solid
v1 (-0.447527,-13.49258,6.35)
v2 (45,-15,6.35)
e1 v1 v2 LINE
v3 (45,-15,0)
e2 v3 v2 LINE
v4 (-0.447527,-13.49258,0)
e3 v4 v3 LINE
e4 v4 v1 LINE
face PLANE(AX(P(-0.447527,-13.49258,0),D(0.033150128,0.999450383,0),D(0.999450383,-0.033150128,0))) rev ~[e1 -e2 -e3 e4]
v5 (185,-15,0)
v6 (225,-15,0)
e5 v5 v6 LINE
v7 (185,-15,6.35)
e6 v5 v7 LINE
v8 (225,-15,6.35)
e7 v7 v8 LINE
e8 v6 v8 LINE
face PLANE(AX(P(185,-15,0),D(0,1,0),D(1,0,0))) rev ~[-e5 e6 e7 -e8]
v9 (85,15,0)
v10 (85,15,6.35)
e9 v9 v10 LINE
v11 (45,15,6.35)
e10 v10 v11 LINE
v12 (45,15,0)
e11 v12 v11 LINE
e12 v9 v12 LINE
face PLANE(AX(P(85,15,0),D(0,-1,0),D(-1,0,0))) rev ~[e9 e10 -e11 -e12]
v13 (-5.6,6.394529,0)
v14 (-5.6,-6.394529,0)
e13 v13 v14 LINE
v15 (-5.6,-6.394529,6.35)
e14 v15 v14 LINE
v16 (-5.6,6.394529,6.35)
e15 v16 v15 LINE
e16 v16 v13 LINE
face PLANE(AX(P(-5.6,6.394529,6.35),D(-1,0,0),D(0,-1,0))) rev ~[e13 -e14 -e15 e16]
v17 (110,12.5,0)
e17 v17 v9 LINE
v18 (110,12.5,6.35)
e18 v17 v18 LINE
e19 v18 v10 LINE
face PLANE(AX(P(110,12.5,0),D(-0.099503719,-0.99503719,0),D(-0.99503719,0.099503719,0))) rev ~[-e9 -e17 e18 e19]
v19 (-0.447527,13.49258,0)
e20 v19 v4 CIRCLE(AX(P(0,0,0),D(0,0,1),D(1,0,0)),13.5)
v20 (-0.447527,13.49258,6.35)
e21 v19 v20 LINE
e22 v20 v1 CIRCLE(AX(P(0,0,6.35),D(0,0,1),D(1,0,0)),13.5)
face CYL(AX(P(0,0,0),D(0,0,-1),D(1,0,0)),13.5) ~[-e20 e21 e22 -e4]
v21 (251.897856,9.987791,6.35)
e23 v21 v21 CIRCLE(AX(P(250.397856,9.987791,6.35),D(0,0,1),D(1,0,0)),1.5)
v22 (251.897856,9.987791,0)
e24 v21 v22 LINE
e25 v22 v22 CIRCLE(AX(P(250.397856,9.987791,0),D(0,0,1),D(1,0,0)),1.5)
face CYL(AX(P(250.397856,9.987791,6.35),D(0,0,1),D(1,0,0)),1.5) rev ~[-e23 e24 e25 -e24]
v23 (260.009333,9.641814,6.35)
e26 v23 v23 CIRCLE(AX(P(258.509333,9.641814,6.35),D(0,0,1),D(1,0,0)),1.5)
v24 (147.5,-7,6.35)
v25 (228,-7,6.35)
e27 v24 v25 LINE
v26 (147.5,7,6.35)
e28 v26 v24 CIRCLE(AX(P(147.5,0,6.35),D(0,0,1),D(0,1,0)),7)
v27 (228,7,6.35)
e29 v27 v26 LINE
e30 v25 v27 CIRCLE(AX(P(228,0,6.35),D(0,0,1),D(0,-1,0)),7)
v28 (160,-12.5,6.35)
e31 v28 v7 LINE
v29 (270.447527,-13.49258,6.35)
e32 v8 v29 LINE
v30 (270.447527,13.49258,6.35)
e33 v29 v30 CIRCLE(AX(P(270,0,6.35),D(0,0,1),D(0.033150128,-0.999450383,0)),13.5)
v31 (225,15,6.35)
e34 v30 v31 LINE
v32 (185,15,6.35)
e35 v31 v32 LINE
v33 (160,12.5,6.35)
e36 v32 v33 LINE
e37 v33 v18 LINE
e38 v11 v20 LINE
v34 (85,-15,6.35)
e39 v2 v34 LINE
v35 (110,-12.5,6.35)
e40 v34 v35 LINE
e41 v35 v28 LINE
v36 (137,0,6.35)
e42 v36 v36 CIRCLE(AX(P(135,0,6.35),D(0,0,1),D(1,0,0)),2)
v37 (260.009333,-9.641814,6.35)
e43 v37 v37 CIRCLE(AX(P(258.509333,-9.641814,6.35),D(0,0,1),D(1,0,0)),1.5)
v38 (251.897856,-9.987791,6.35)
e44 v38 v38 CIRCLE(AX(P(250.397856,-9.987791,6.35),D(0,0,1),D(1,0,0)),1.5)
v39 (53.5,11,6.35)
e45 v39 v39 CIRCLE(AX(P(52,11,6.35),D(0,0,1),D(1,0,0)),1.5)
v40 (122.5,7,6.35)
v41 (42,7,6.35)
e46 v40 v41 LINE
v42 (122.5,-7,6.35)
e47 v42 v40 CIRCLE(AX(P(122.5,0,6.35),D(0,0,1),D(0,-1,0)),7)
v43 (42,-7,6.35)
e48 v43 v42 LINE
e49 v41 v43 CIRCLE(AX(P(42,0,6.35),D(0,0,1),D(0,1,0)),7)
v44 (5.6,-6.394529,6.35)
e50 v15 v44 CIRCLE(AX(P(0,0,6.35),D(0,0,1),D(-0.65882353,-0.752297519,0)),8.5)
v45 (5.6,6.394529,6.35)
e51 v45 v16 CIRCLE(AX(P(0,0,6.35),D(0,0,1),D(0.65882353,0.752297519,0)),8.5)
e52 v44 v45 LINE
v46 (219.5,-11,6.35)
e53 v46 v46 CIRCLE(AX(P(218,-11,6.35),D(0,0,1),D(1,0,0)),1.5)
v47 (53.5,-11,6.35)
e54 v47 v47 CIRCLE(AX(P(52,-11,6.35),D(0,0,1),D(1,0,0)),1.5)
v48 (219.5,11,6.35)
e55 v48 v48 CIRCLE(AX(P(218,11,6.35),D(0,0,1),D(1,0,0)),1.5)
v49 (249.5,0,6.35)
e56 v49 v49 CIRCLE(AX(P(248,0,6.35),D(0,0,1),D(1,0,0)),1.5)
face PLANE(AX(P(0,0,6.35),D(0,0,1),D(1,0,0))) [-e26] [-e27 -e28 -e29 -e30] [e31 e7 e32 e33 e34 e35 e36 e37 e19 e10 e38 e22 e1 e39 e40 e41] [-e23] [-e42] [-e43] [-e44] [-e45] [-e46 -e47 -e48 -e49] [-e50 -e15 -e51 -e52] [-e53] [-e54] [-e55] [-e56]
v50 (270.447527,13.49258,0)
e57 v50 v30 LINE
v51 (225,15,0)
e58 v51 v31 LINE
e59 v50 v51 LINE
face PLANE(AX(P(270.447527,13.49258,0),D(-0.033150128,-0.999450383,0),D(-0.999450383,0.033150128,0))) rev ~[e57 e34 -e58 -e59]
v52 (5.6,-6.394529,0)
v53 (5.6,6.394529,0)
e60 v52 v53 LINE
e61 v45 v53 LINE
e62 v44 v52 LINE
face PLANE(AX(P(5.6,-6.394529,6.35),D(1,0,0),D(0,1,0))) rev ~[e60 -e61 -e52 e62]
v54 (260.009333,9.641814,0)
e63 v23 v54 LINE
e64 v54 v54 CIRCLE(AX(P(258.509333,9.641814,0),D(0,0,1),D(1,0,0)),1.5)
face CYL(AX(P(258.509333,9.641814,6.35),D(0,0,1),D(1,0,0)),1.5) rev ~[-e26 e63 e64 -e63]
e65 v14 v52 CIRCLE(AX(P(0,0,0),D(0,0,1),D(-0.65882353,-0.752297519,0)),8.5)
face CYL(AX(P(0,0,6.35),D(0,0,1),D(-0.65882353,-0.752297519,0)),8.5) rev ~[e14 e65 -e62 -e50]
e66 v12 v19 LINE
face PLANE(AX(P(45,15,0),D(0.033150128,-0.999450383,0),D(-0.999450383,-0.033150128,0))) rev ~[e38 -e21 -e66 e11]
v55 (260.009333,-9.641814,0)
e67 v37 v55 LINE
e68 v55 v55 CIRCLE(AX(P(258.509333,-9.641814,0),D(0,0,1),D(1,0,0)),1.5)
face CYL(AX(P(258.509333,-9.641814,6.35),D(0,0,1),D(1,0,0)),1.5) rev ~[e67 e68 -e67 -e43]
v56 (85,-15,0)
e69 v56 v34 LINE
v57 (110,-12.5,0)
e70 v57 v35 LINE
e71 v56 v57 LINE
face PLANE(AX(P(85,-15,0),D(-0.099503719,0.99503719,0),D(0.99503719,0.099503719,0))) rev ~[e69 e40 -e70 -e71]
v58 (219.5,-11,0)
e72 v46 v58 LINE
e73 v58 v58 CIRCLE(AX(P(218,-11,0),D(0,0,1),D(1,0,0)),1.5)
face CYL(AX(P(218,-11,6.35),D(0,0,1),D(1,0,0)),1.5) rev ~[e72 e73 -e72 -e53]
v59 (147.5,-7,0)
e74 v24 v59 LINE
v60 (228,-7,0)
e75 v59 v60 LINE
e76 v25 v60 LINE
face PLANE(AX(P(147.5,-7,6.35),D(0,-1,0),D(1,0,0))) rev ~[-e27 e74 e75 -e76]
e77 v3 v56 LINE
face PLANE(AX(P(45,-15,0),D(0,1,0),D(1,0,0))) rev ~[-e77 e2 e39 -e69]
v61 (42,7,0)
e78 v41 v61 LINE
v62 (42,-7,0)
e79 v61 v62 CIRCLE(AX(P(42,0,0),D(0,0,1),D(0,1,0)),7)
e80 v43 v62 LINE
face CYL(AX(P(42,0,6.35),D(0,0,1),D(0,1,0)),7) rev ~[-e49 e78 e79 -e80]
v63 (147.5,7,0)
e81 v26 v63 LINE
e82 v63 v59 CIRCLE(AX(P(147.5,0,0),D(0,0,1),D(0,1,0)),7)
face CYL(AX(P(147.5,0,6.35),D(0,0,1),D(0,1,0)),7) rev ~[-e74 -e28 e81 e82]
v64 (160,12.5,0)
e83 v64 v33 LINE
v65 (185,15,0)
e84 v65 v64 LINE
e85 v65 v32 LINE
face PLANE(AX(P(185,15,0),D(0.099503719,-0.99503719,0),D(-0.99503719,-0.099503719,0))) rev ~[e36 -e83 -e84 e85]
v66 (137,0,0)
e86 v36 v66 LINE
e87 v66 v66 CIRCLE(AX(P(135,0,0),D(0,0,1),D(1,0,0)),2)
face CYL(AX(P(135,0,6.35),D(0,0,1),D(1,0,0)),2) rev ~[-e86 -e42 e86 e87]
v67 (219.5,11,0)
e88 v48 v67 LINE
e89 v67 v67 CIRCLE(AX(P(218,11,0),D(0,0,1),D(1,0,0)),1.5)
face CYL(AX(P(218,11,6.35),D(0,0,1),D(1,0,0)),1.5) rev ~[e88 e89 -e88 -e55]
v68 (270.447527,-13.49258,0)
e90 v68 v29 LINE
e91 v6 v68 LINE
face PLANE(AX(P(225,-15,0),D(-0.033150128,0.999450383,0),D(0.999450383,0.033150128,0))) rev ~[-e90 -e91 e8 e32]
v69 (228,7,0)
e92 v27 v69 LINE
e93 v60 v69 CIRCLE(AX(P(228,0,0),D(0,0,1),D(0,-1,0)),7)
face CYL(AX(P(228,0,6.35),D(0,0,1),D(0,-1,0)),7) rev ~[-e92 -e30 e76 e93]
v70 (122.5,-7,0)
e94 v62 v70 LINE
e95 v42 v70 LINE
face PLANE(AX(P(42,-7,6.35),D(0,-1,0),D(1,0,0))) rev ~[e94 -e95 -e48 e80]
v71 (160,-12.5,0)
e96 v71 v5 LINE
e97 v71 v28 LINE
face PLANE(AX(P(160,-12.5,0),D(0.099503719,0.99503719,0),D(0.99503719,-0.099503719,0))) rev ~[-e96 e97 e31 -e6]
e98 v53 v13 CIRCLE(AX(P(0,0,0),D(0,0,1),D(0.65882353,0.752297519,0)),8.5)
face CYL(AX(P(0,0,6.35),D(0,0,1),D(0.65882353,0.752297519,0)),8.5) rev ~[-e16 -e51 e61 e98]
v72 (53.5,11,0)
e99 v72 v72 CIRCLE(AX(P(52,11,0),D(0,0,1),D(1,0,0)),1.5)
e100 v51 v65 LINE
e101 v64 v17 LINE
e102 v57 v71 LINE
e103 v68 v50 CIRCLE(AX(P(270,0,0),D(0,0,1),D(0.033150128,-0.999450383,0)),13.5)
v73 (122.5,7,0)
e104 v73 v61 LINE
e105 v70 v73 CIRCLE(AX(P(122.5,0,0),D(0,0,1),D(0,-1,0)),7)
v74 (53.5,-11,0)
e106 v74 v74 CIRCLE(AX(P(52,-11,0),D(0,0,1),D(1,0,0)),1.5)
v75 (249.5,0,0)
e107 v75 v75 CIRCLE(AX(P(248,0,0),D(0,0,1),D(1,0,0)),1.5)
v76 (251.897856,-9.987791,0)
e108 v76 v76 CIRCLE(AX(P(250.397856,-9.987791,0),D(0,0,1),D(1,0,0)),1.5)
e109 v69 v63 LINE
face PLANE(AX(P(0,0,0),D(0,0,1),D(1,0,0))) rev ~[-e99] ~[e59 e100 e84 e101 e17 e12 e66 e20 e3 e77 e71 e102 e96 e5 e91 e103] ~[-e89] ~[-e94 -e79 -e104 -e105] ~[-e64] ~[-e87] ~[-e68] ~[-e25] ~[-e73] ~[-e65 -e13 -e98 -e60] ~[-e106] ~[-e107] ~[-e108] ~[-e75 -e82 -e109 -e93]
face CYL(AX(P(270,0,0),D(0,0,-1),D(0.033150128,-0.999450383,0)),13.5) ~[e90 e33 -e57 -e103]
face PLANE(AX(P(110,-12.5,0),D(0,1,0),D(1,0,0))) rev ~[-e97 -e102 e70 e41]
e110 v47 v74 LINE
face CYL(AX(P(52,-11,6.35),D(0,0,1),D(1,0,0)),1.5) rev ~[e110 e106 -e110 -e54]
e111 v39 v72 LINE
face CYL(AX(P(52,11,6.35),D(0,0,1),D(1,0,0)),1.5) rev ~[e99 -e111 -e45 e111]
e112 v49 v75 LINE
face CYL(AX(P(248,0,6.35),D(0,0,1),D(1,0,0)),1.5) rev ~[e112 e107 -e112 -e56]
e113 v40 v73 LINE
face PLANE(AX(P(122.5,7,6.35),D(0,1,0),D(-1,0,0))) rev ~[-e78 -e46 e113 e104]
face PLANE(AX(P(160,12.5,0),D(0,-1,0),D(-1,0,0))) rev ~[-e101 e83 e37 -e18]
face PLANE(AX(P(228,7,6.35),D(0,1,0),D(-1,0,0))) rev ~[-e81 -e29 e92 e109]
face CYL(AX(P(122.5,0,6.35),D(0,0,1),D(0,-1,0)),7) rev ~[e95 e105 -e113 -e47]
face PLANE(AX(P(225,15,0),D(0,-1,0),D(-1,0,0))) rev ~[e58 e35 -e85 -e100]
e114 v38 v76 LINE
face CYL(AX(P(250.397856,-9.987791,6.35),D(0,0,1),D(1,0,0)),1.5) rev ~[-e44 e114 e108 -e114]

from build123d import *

# Parameters (mm, degrees)
CROQUIS1_R              = 13.5
SALIENTE_EXTRUIR1_DEPTH = 6.35
CORTAR_EXTRUIR1_DEPTH   = 6.35
CORTAR_EXTRUIR3_DEPTH   = 10
CROQUIS4_R              = 1.5
CROQUIS4_R_2            = 2
CORTAR_EXTRUIR4_DEPTH   = 10
CROQUIS5_R              = 1.5
CORTAR_EXTRUIR5_DEPTH   = 7.35
CROQUIS6_R              = 1.5
CORTAR_EXTRUIR6_DEPTH   = 7.35


with BuildPart() as part:
    # Croquis1 → Saliente-Extruir1 (new body)
    with BuildSketch(Plane.XY):
        Circle(CROQUIS1_R)
        with BuildLine():
            Line((85, 15), (45, 15))
            Line((45, 15), (-0.447526726, 13.492580177))
            ThreePointArc((-0.447526726, 13.492580177), (9.386383468, 9.702876141), (13.5, 0))
            ThreePointArc((13.5, 0), (9.386383468, -9.702876141), (-0.447526726, -13.492580177))
            Line((-0.447526726, -13.492580177), (45, -15))
            Line((45, -15), (85, -15))
            Line((85, -15), (110, -12.5))
            Line((110, -12.5), (160, -12.5))
            Line((160, -12.5), (185, -15))
            Line((185, -15), (225, -15))
            Line((225, -15), (270.447526726, -13.492580177))
            ThreePointArc((270.447526726, -13.492580177), (256.5, 0), (270.447526726, 13.492580177))
            Line((270.447526726, 13.492580177), (225, 15))
            Line((225, 15), (185, 15))
            Line((185, 15), (160, 12.5))
            Line((160, 12.5), (110, 12.5))
            Line((110, 12.5), (85, 15))
        make_face()
        with Locations((270, 0)):
            Circle(CROQUIS1_R)
    extrude(amount=SALIENTE_EXTRUIR1_DEPTH)

    # Croquis2 → Cortar-Extruir1 (cut)
    with BuildSketch(Plane.XY.offset(6.35)):
        with BuildLine():
            ThreePointArc((5.6, 6.394528911), (0, 8.5), (-5.6, 6.394528911))
            Line((-5.6, 6.394528911), (-5.6, -6.394528911))
            ThreePointArc((-5.6, -6.394528911), (0, -8.5), (5.6, -6.394528911))
            Line((5.6, -6.394528911), (5.6, 6.394528911))
        make_face()
    extrude(amount=-CORTAR_EXTRUIR1_DEPTH, mode=Mode.SUBTRACT)

    # Croquis3 → Cortar-Extruir3 (cut)
    with BuildSketch(Plane.XY.offset(6.35)):
        with BuildLine():
            Line((122.5, 7), (42, 7))
            ThreePointArc((42, 7), (35, 0), (42, -7))
            Line((42, -7), (122.5, -7))
            ThreePointArc((122.5, -7), (129.5, 0), (122.5, 7))
        make_face()
        with BuildLine():
            Line((228, 7), (147.5, 7))
            ThreePointArc((147.5, 7), (140.5, 0), (147.5, -7))
            Line((147.5, -7), (228, -7))
            ThreePointArc((228, -7), (235, 0), (228, 7))
        make_face()
    extrude(amount=-CORTAR_EXTRUIR3_DEPTH, mode=Mode.SUBTRACT)

    # Croquis4 → Cortar-Extruir4 (cut)
    with BuildSketch(Plane.XY.offset(6.35)):
        with Locations((52, 11)):
            Circle(CROQUIS4_R)
        with Locations((52, -11)):
            Circle(CROQUIS4_R)
        with Locations((218, -11)):
            Circle(CROQUIS4_R)
        with Locations((218, 11)):
            Circle(CROQUIS4_R)
        with Locations((135, 0)):
            Circle(CROQUIS4_R_2)
    extrude(amount=-CORTAR_EXTRUIR4_DEPTH, mode=Mode.SUBTRACT)

    # Croquis5 → Cortar-Extruir5 (cut, through all)
    with BuildSketch(Plane.XY.offset(6.35)):
        with Locations((248, 0)):
            Circle(CROQUIS5_R)
    extrude(amount=-CORTAR_EXTRUIR5_DEPTH, mode=Mode.SUBTRACT)

    # Croquis6 → Cortar-Extruir6 (cut, through all)
    with BuildSketch(Plane.XY.offset(6.35)):
        with Locations((250.397856468, 9.987790994)):
            Circle(CROQUIS6_R)
        with Locations((258.509333353, 9.641814145)):
            Circle(CROQUIS6_R)
        with Locations((258.509333353, -9.641814145)):
            Circle(CROQUIS6_R)
        with Locations((250.397856468, -9.987790994)):
            Circle(CROQUIS6_R)
    extrude(amount=-CORTAR_EXTRUIR6_DEPTH, mode=Mode.SUBTRACT)


solid = part.part
